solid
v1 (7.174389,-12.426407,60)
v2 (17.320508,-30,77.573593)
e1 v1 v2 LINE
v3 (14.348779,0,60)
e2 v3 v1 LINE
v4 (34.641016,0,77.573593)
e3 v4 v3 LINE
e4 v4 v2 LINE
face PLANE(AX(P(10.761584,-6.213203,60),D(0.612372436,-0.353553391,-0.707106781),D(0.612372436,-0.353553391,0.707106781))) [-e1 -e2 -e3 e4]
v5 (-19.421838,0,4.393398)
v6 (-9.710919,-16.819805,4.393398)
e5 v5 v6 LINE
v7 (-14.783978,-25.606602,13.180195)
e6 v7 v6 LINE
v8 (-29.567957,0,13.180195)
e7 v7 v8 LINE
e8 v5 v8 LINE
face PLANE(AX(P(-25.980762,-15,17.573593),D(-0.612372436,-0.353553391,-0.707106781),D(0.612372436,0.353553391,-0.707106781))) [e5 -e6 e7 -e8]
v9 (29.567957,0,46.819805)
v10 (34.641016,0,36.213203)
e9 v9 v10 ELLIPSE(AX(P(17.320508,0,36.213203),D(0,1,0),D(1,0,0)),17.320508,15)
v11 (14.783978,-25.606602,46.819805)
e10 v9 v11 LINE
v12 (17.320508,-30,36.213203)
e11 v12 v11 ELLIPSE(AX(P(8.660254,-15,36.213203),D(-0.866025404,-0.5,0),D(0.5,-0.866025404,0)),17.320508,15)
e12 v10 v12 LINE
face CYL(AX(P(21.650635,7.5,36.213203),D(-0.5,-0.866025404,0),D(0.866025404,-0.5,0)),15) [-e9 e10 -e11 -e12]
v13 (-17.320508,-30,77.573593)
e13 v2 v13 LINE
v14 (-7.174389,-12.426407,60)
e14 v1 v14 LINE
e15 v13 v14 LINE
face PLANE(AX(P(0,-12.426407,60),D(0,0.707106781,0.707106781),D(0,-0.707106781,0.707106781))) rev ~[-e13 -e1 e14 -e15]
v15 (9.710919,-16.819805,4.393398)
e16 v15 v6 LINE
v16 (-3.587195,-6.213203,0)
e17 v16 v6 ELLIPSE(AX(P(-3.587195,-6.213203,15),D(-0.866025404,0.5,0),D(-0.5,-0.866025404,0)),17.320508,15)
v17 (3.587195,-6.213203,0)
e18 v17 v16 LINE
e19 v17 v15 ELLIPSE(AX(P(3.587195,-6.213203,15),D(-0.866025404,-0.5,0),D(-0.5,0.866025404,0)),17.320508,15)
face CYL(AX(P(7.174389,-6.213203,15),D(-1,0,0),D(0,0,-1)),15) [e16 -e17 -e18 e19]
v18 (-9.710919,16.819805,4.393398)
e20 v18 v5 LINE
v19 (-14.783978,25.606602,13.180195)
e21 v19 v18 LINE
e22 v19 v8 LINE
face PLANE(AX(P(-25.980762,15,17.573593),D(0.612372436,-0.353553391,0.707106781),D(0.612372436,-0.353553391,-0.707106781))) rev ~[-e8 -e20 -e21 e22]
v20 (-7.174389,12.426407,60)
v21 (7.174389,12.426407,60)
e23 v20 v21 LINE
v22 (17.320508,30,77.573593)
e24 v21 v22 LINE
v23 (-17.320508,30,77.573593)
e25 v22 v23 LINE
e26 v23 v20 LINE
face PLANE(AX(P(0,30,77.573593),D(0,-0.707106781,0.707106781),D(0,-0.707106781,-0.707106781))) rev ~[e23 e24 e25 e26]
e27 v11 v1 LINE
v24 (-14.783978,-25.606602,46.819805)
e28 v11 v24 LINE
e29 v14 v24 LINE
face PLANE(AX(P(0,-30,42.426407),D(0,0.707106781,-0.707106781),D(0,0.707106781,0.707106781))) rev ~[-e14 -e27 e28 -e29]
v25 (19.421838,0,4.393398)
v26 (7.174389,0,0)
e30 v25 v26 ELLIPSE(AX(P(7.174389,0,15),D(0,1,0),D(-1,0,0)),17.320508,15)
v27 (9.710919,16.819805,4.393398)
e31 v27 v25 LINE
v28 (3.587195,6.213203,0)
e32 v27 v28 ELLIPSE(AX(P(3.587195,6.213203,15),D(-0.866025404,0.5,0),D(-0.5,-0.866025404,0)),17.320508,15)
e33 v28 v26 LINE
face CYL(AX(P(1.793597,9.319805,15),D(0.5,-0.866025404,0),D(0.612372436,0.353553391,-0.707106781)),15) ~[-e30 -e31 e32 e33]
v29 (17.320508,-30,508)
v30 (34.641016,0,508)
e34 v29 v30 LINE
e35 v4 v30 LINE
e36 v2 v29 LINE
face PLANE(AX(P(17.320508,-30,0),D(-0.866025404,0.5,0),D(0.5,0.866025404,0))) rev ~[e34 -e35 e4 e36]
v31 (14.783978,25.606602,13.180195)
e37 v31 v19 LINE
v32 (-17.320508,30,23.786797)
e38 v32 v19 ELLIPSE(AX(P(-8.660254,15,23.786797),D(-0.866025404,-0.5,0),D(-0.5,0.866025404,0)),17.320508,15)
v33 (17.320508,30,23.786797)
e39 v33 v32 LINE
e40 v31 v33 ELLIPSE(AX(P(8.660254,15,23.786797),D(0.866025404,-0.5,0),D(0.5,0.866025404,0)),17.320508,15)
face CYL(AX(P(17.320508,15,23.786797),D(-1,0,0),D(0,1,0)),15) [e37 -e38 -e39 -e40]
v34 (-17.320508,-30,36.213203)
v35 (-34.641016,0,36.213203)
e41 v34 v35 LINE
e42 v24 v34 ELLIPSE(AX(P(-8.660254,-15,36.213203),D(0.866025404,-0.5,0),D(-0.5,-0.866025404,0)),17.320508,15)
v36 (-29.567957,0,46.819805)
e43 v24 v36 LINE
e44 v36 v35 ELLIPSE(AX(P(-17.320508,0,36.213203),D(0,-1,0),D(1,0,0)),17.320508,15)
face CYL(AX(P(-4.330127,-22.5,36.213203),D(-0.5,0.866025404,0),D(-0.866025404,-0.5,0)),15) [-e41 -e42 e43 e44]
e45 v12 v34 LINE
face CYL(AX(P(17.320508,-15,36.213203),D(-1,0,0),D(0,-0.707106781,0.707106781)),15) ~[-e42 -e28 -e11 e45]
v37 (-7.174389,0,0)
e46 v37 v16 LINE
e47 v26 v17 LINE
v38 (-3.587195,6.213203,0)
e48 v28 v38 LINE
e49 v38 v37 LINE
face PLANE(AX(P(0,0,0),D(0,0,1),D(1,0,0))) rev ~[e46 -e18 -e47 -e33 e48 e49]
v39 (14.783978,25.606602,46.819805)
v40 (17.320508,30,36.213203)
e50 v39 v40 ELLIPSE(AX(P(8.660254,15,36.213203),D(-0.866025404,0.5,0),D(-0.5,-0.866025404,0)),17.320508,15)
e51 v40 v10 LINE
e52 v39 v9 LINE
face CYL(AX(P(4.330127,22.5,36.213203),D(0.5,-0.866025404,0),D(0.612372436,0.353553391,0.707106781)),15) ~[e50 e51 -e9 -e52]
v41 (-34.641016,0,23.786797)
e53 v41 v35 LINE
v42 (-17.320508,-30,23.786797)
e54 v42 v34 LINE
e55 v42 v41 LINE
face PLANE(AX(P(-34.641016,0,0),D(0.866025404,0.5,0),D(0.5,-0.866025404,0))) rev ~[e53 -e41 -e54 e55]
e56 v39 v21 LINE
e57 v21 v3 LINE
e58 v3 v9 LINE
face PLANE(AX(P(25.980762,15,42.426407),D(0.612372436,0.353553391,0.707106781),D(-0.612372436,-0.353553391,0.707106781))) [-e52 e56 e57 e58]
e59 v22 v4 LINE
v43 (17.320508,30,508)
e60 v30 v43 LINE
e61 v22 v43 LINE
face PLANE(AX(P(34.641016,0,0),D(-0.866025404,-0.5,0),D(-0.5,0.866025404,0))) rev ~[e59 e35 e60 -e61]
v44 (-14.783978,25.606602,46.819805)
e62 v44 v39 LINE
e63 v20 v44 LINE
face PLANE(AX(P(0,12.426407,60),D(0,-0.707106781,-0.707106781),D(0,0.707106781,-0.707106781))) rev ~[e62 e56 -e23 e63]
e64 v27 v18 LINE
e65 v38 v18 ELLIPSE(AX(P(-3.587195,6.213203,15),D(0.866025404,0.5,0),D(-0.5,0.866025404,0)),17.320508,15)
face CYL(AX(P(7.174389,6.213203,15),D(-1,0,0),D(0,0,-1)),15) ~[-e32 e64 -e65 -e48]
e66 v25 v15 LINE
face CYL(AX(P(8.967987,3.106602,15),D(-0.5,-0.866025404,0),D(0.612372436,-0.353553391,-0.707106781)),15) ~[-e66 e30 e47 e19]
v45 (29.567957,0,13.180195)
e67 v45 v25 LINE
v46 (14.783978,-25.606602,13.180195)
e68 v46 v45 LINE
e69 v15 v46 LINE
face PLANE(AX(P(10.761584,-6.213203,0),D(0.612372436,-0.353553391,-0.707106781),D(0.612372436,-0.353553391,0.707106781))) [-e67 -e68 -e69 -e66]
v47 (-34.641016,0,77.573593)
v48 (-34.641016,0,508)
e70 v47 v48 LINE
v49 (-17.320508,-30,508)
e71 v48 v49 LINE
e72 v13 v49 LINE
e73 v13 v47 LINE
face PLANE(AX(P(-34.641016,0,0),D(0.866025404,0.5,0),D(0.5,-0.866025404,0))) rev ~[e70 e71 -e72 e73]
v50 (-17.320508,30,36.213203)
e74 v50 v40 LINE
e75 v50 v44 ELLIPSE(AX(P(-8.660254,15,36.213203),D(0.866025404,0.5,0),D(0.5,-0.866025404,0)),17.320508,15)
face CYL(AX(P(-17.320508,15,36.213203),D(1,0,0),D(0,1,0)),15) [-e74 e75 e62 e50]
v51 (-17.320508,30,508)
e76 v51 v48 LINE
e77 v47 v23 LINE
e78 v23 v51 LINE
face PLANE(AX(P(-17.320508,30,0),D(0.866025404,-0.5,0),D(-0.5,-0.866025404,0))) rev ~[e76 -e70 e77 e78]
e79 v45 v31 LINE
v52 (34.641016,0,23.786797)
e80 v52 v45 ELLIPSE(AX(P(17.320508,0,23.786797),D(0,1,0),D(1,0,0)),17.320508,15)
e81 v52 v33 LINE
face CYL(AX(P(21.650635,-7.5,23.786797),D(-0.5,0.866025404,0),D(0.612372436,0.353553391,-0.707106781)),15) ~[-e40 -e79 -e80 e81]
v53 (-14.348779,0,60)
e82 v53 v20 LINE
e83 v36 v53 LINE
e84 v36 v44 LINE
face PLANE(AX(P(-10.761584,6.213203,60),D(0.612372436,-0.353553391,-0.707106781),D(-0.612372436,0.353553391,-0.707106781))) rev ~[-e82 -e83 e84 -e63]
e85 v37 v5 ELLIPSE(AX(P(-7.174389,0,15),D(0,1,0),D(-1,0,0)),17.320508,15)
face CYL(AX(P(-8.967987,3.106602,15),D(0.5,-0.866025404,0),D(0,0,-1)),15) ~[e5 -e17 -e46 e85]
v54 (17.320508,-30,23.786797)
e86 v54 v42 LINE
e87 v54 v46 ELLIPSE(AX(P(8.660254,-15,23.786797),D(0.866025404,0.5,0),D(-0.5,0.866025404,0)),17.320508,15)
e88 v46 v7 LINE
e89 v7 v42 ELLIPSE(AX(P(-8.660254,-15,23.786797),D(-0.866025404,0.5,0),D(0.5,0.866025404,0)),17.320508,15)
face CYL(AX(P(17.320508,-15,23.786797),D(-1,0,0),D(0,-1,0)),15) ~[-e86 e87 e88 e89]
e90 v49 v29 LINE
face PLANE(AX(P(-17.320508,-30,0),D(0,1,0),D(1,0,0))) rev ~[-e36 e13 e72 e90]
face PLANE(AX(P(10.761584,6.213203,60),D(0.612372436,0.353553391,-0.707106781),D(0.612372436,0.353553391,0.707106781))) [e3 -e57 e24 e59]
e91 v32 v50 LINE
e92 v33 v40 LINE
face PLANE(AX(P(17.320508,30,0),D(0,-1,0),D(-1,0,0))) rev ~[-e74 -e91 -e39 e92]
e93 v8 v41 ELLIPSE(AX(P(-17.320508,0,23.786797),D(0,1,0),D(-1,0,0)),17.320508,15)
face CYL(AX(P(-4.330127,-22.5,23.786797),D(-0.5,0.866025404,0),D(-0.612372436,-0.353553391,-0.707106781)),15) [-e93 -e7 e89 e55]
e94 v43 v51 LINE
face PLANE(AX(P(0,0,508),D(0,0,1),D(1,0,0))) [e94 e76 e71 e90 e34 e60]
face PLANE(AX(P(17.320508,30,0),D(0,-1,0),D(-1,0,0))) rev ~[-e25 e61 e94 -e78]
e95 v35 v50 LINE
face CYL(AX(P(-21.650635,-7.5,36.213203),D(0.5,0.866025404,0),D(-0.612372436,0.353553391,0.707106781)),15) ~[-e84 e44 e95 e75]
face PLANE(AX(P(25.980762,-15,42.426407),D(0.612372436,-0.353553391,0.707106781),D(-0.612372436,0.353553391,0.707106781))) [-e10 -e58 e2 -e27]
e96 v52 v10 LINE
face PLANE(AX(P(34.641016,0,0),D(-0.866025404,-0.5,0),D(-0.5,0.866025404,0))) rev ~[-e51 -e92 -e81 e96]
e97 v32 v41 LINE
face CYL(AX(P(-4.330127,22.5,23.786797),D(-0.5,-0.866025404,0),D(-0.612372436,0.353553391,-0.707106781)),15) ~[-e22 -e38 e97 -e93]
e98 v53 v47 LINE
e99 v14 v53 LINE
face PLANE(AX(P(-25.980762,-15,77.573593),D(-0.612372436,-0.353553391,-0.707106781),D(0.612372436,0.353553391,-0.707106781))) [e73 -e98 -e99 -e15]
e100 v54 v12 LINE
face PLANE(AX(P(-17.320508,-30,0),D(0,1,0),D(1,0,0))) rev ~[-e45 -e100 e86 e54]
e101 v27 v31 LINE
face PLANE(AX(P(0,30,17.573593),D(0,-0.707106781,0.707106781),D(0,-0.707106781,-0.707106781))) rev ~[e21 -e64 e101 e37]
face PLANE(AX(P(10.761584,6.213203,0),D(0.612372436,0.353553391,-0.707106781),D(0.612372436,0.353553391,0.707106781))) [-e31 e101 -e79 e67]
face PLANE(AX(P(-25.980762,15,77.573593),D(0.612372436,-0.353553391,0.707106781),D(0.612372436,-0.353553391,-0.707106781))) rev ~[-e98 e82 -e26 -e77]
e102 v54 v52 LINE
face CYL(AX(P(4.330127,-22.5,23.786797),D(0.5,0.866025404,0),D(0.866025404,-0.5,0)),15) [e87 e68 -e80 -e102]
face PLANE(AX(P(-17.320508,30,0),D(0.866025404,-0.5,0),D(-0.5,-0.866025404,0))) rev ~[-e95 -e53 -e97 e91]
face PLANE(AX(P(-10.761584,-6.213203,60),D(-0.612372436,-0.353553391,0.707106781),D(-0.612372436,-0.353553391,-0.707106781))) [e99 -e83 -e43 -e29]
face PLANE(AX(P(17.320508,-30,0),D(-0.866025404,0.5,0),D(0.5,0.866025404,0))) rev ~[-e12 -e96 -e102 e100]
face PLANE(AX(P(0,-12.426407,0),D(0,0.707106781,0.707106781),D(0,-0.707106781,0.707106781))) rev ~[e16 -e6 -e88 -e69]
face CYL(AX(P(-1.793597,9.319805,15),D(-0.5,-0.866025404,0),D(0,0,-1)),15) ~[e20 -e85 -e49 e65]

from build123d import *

# Parameters (mm, degrees)
F1_DEPTH      = 508
F7_DEPTH      = 34.6420161514
F7_DEPTH_BACK = 34.6420161514
F8_DEPTH      = 43.3022701892
F8_DEPTH_BACK = 43.3022701892
F9_DEPTH      = 43.3022701892
F9_DEPTH_BACK = 43.3022701892
F10_R         = 15


with BuildPart() as f1:
    # F0 (on Top) → F1 (new body)
    with BuildSketch(Plane.XY):
        Polygon((17.3205080757, 30), (-17.3205080757, 30), (-34.6410161514, 0), (-17.3205080757, -30), (17.3205080757, -30), (34.6410161514, 0), align=None)
    extrude(amount=F1_DEPTH)

    # F4 (on Right) → F7 (cut, two sides)
    with BuildSketch(Plane.YZ) as f7_sk:
        Polygon((12.4264068712, 60), (30, 42.4264068712), (30, 77.5735931288), align=None)
        Polygon((-30, 77.5735931288), (-30, 42.4264068712), (-12.4264068712, 60), align=None)
        Polygon((12.4264068712, 0), (-12.4264068712, 0), (-30, 17.5735931288), (-30, -5), (30, -5), (30, 17.5735931288), align=None)
    extrude(amount=F7_DEPTH, mode=Mode.SUBTRACT)
    extrude(f7_sk.sketch, amount=-F7_DEPTH_BACK, mode=Mode.SUBTRACT)

    # F5 (on mid) → F8 (cut, two sides)
    with BuildSketch(Plane(origin=(0, 0, 0), x_dir=(-0.8660254038, -0.5, 0), z_dir=(-0.5, 0.8660254038, 0))) as f8_sk:
        Polygon((12.4264068712, 60), (30, 42.4264068712), (30, 77.5735931288), align=None)
        Polygon((-30, 77.5735931288), (-30, 42.4264068712), (-12.4264068712, 60), align=None)
        Polygon((12.4264068712, 0), (-12.4264068712, 0), (-30, 17.5735931288), (-30, -5), (30, -5), (30, 17.5735931288), align=None)
    extrude(amount=F8_DEPTH, mode=Mode.SUBTRACT)
    extrude(f8_sk.sketch, amount=-F8_DEPTH_BACK, mode=Mode.SUBTRACT)

    # F6 (on mid) → F9 (cut, two sides)
    with BuildSketch(Plane(origin=(0, 0, 0), x_dir=(-0.8660254038, 0.5, 0), z_dir=(0.5, 0.8660254038, 0))) as f9_sk:
        Polygon((12.4264068712, 60), (30, 42.4264068712), (30, 77.5735931288), align=None)
        Polygon((-30, 77.5735931288), (-30, 42.4264068712), (-12.4264068712, 60), align=None)
        Polygon((12.4264068712, 0), (-12.4264068712, 0), (-30, 17.5735931288), (-30, -5), (30, -5), (30, 17.5735931288), align=None)
    extrude(amount=F9_DEPTH, mode=Mode.SUBTRACT)
    extrude(f9_sk.sketch, amount=-F9_DEPTH_BACK, mode=Mode.SUBTRACT)

    # F10
    f10_edges = [f1.edges().sort_by_distance(p)[0] for p in [
        (-25.980762, -15, 17.573593),
        (0, -30, 17.573593),
        (25.980762, -15, 17.573593),
        (25.980762, 15, 17.573593),
        (0, 30, 17.573593),
        (-25.980762, 15, 17.573593),
        (25.980762, 15, 42.426407),
        (25.980762, -15, 42.426407),
        (0, 30, 42.426407),
        (-25.980762, 15, 42.426407),
        (0, -30, 42.426407),
        (-25.980762, -15, 42.426407),
        (0, -12.426407, 0),
        (10.761584, -6.213203, 0),
        (10.761584, 6.213203, 0),
        (0, 12.426407, 0),
        (-10.761584, 6.213203, 0),
        (-10.761584, -6.213203, 0),
    ]]
    fillet(f10_edges, radius=F10_R)


solid = f1.part
